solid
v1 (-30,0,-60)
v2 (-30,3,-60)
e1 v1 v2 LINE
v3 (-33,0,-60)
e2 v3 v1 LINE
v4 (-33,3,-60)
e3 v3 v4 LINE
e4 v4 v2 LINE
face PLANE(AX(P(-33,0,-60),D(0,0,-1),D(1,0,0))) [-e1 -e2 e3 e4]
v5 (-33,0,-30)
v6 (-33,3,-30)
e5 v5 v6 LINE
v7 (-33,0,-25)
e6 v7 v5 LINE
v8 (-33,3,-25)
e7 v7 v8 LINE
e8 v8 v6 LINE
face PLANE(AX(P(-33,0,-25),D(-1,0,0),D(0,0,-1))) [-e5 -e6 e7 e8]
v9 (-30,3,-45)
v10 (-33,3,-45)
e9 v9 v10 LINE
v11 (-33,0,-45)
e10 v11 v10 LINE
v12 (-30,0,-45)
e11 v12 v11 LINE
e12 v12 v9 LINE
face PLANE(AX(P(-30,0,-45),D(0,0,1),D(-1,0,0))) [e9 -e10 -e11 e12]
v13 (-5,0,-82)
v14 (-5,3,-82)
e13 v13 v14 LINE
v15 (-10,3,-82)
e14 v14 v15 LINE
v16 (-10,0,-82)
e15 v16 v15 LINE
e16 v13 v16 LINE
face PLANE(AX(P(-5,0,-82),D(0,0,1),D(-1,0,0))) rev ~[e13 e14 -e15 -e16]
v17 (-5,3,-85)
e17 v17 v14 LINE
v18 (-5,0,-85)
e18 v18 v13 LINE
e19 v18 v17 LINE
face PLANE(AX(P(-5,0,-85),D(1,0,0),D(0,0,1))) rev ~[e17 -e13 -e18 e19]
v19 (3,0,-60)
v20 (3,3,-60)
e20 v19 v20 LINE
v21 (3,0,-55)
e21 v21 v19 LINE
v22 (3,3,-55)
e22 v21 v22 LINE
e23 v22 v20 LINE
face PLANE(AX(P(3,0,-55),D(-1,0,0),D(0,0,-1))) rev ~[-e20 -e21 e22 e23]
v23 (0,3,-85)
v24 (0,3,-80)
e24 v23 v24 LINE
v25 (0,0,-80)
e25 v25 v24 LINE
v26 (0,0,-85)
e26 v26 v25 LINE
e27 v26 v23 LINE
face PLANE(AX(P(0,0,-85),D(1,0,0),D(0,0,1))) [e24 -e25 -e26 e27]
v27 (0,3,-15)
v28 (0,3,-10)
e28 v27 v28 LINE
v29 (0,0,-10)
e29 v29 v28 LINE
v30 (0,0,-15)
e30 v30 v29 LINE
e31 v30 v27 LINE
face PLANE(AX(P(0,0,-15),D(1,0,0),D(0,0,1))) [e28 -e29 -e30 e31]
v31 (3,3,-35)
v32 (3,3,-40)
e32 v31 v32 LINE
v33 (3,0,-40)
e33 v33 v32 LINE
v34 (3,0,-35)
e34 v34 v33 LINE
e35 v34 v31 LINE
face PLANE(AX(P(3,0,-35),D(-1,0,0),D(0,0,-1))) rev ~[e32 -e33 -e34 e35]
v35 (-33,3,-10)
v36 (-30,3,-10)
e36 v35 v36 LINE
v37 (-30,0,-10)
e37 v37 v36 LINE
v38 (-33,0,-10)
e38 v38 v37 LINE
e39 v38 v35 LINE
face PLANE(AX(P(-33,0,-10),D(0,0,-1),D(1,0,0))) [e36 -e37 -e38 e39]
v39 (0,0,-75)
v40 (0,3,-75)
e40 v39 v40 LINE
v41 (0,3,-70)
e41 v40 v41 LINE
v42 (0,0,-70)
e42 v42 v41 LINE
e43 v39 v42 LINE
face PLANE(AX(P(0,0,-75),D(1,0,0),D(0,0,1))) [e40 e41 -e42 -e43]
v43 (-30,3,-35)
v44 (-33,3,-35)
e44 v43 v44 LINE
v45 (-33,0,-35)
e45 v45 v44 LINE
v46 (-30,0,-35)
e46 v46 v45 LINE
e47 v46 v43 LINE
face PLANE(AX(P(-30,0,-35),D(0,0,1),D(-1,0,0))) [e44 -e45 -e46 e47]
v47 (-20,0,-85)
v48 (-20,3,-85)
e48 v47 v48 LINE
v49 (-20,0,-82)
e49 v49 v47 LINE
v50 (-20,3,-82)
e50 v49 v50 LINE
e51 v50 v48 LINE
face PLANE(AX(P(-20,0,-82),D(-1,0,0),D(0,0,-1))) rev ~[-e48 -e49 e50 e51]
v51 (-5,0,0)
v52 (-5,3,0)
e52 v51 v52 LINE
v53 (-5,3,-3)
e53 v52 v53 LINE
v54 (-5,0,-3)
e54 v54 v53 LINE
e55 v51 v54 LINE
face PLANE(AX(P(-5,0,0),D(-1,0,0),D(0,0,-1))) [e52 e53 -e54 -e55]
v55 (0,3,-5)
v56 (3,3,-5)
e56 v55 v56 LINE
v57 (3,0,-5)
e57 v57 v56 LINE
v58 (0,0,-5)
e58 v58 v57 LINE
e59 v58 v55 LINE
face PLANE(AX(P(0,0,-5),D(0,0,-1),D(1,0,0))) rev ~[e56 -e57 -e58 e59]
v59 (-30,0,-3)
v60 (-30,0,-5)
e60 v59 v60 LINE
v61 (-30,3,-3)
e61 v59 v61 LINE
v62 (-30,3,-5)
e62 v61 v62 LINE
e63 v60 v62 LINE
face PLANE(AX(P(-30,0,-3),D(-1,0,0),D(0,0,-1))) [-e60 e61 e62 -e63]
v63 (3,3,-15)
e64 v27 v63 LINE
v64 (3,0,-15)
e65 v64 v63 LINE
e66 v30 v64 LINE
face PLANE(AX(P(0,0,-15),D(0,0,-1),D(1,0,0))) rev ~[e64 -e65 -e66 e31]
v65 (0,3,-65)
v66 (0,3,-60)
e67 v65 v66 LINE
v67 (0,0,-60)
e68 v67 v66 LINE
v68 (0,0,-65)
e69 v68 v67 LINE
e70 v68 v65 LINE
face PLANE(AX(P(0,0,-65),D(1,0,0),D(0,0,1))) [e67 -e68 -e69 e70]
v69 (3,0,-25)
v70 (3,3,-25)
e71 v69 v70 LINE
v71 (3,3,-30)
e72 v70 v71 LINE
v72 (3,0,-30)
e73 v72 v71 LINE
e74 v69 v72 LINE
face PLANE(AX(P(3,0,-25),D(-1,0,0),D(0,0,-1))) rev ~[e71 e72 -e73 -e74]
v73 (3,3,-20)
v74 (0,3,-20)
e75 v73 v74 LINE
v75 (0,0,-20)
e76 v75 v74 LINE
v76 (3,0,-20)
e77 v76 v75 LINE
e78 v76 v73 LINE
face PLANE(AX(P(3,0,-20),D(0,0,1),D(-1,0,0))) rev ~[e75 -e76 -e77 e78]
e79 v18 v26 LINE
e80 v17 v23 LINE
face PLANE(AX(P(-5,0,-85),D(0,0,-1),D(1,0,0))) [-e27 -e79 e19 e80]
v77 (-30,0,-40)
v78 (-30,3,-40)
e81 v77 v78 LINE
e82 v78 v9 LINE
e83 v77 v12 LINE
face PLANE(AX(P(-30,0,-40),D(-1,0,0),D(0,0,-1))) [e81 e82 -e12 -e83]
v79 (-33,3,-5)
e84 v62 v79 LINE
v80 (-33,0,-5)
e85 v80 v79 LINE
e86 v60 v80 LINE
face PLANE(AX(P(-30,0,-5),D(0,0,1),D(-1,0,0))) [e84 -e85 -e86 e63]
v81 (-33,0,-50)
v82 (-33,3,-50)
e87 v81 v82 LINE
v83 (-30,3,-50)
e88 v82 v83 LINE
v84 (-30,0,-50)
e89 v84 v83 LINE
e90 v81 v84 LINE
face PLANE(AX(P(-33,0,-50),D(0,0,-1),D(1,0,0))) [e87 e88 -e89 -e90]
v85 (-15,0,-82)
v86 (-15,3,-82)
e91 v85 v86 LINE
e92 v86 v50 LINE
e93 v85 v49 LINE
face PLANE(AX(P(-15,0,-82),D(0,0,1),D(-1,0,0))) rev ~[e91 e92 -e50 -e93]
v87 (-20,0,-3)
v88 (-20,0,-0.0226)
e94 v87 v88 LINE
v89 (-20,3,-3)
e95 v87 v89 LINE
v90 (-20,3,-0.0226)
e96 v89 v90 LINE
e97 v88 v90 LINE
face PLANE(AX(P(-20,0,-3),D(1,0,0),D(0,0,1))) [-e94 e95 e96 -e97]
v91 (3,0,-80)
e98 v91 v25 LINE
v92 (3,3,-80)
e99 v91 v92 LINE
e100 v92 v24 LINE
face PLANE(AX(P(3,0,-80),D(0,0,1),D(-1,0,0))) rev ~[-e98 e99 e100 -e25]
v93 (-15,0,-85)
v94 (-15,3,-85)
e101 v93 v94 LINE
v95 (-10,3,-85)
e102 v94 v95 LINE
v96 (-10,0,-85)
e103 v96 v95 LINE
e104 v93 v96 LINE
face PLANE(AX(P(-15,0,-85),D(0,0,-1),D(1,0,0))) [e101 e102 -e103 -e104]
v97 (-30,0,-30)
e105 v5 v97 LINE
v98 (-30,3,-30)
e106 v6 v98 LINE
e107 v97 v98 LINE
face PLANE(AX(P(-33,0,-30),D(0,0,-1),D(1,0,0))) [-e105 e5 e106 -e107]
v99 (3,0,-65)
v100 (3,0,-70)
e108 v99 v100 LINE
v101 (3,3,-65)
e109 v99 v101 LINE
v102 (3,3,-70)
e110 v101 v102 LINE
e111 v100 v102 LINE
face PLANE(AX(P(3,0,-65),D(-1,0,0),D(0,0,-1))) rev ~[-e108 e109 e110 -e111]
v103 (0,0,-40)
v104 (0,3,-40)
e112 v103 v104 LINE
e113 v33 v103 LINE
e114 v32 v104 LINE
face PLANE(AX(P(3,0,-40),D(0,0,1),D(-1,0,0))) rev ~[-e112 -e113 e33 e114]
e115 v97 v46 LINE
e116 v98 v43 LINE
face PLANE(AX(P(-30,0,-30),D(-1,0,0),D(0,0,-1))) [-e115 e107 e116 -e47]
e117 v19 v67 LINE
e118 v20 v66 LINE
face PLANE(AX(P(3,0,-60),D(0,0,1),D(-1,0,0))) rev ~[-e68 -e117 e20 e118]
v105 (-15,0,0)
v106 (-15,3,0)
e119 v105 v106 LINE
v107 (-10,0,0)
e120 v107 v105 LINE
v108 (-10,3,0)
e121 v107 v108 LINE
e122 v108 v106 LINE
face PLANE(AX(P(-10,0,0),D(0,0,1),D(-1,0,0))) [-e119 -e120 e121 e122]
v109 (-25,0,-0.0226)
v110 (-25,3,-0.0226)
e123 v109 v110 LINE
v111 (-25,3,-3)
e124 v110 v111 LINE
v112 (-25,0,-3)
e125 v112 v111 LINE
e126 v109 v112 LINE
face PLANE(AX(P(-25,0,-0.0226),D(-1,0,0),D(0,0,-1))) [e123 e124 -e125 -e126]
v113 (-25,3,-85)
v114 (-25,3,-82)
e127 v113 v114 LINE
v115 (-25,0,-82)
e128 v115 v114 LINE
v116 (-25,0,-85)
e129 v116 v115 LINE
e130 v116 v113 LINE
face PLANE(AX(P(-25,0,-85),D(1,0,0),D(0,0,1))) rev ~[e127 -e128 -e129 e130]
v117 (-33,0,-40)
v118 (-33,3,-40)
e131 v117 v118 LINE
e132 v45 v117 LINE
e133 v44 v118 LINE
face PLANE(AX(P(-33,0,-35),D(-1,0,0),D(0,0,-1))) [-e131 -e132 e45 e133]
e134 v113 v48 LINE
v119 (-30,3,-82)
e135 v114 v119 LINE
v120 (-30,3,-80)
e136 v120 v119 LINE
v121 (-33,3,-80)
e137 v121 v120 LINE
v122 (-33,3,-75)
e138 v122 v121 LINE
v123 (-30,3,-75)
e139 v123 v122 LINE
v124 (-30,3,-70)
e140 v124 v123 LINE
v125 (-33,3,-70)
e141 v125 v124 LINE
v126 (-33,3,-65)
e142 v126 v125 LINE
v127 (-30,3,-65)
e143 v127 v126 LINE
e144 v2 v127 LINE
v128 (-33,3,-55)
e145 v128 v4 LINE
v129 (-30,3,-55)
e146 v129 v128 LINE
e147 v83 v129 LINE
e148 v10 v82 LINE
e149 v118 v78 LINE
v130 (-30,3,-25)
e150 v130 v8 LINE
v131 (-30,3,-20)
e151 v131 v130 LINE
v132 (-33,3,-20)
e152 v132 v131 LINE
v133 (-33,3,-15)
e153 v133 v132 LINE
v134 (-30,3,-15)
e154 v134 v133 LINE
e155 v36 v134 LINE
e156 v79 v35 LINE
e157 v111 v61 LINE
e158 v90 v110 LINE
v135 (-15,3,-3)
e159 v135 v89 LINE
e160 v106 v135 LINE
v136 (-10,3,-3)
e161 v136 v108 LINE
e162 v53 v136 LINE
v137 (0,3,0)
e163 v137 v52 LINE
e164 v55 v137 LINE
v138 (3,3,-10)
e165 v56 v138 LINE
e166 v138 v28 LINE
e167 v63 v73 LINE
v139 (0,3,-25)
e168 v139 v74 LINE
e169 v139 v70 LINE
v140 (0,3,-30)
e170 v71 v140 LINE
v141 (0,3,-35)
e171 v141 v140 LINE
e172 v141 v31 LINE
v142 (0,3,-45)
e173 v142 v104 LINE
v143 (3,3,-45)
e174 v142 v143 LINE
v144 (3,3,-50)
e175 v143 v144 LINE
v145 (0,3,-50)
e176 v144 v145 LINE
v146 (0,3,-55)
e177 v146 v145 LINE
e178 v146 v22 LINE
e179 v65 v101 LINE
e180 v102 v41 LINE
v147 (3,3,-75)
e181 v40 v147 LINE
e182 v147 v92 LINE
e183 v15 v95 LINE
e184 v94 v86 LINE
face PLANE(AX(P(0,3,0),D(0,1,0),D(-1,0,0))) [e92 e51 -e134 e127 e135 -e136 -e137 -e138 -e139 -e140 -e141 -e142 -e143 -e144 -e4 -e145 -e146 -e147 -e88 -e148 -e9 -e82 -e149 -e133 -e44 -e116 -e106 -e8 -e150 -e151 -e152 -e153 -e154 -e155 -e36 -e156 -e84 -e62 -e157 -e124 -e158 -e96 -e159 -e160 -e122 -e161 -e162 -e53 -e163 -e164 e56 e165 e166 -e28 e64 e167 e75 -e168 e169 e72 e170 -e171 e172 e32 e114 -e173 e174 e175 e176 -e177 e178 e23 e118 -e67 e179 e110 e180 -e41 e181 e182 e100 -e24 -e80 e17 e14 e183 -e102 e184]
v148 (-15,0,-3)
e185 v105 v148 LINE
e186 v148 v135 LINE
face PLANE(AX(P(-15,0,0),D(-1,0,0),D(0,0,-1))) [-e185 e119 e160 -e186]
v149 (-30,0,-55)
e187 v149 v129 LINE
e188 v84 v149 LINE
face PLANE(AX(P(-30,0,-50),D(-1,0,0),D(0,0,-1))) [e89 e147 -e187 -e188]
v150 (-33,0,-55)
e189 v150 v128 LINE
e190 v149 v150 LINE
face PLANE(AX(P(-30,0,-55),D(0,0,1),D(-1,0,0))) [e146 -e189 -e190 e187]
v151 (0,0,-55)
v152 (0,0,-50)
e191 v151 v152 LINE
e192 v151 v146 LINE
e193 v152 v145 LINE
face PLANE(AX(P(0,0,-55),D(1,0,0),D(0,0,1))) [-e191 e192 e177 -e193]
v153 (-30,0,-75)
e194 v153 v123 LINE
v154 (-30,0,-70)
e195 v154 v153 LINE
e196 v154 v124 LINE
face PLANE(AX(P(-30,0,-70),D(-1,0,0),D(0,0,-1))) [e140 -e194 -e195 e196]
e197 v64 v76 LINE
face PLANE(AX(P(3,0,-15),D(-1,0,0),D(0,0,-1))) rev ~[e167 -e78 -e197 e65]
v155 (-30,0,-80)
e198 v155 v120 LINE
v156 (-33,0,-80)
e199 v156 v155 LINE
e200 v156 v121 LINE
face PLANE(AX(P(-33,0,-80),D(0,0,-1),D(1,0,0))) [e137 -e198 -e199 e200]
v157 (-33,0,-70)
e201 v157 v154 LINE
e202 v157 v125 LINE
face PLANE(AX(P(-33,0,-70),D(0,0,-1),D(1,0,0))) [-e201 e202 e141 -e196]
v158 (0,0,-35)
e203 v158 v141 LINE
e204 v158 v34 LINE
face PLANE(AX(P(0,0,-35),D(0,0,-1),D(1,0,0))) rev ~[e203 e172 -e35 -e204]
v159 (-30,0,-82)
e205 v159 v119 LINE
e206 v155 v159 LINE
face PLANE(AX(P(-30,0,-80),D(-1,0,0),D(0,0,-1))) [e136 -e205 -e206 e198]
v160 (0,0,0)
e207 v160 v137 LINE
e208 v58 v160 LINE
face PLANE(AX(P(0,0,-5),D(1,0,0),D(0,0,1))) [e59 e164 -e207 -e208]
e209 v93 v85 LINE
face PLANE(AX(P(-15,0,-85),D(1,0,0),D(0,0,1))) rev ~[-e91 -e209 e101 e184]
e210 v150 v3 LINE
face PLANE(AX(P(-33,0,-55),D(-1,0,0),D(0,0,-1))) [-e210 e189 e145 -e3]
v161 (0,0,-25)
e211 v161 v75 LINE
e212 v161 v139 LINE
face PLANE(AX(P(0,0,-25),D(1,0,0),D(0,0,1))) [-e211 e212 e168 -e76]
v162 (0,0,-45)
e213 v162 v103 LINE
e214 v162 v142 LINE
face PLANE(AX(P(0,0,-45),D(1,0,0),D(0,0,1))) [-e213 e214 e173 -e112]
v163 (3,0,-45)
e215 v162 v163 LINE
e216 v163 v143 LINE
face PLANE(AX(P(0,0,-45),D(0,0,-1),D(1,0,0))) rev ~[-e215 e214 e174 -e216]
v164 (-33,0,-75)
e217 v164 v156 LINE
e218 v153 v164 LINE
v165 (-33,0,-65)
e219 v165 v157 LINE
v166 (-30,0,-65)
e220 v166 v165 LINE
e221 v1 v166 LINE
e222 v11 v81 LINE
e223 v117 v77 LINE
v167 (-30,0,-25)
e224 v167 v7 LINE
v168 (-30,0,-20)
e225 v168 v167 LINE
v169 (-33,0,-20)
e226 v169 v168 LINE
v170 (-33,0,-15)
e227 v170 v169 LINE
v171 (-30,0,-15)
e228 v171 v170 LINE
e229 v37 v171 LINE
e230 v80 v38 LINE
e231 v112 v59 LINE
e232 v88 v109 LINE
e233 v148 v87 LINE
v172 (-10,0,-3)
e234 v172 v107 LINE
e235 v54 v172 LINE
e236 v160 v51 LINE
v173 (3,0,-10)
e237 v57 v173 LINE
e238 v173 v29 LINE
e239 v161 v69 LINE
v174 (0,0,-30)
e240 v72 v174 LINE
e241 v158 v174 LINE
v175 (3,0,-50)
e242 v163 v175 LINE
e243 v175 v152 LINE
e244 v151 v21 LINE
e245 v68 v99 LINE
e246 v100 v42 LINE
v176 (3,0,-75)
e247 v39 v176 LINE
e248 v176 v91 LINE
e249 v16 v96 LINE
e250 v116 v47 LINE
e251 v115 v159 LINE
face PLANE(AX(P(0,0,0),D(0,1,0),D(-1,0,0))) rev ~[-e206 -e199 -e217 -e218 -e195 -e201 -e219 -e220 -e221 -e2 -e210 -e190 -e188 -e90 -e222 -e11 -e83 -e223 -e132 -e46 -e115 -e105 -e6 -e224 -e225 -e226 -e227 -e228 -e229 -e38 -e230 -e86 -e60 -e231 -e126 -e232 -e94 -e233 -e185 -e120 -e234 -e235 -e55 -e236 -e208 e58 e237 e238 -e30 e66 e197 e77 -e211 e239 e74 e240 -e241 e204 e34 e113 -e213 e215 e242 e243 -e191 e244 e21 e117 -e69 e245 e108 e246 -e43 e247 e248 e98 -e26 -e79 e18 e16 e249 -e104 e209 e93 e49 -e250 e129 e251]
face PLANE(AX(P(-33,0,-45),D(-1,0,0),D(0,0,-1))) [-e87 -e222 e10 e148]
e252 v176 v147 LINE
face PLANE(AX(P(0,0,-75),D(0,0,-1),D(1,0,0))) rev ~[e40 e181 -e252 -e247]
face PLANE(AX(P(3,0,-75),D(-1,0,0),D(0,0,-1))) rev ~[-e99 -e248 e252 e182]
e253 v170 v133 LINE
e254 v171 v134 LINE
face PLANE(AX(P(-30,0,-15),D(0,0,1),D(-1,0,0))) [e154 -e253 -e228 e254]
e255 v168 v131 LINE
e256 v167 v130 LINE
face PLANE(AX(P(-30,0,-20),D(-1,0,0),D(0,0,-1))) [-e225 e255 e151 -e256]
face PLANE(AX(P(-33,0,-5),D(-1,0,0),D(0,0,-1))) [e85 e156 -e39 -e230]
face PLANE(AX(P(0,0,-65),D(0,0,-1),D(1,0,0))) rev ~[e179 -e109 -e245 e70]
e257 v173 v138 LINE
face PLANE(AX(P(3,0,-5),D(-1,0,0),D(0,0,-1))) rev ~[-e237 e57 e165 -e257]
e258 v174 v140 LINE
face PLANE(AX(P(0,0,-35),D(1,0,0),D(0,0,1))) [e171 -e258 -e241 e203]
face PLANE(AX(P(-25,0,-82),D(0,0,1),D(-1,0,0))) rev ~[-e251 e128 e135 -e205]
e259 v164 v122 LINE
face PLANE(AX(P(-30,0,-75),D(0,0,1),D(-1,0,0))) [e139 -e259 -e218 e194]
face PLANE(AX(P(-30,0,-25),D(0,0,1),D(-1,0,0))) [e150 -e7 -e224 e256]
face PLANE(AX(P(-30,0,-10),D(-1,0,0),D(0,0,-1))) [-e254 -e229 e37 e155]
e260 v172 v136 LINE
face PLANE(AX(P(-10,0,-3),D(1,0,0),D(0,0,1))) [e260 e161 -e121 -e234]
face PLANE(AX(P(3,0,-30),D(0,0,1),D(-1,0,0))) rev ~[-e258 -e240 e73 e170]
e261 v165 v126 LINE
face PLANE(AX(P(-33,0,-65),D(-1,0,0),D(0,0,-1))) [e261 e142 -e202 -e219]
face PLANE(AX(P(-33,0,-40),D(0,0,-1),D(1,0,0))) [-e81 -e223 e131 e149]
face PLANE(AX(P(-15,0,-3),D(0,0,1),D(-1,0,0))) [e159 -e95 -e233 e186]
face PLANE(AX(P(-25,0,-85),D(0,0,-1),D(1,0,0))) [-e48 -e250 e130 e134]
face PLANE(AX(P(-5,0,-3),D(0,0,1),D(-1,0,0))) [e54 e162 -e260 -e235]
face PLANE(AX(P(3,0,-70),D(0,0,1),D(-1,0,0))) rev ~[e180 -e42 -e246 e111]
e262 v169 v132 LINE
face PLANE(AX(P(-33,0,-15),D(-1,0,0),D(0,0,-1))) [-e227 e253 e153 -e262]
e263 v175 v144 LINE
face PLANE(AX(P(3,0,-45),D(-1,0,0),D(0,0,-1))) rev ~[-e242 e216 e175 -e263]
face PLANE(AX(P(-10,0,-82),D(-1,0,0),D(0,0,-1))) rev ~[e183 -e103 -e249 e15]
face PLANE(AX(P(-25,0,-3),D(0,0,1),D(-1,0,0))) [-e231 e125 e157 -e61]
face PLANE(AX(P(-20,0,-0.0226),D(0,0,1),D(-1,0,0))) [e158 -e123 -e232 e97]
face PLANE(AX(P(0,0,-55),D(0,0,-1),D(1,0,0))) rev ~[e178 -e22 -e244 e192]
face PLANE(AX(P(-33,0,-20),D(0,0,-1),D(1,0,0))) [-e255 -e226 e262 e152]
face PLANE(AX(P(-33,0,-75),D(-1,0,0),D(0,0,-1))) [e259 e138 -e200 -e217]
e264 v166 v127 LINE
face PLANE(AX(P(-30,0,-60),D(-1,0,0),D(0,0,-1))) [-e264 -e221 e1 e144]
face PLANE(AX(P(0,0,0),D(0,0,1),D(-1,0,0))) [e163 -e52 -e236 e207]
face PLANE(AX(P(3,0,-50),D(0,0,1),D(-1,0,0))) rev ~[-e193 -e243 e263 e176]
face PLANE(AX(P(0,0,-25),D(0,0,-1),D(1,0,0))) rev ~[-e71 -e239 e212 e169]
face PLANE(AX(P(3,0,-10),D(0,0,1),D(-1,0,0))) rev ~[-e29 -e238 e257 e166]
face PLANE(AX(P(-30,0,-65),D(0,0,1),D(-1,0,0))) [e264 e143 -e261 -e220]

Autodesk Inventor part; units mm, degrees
ref_plane "YZ Plane" through (0, 0, 0) normal (1, 0, 0) x (0, 1, 0)
ref_plane "XZ Plane" through (0, 0, 0) normal (0, 1, 0) x (-1, 0, 0)
ref_plane "XY Plane" through (0, 0, 0) normal (0, 0, 1) x (1, 0, 0)
sketch "Sketch1" plane through (0, 0, 0) normal (0, 1, 0) x (-1, 0, 0)
  line L0 (30, -5) -> (33, -5)
  line L1 (33, -5) -> (33, -10)
  line L2 (33, -10) -> (30, -10)
  line L3 (30, -15) -> (33, -15)
  line L4 (33, -15) -> (33, -20)
  line L5 (33, -20) -> (30, -20)
  line L6 (30, -25) -> (33, -25)
  line L7 (33, -25) -> (33, -30)
  line L8 (33, -30) -> (30, -30)
  line L9 (30, -35) -> (33, -35)
  line L10 (33, -35) -> (33, -40)
  line L11 (33, -40) -> (30, -40)
  line L12 (30, -45) -> (33, -45)
  line L13 (33, -45) -> (33, -50)
  line L14 (33, -50) -> (30, -50)
  line L15 (30, -55) -> (33, -55)
  line L16 (33, -55) -> (33, -60)
  line L17 (33, -60) -> (30, -60)
  line L18 (30, -65) -> (33, -65)
  line L19 (33, -65) -> (33, -70)
  line L20 (33, -70) -> (30, -70)
  line L21 (30, -75) -> (33, -75)
  line L22 (33, -75) -> (33, -80)
  line L23 (33, -80) -> (30, -80)
  line L24 (0, -5) -> (-3, -5)
  line L25 (-3, -5) -> (-3, -10)
  line L26 (-3, -10) -> (0, -10)
  line L27 (0, -15) -> (-3, -15)
  line L28 (-3, -20) -> (0, -20)
  line L29 (-3, -15) -> (-3, -20)
  line L30 (0, -25) -> (-3, -25)
  line L31 (-3, -25) -> (-3, -30)
  line L32 (-3, -30) -> (0, -30)
  line L33 (0, -35) -> (-3, -35)
  line L34 (-3, -35) -> (-3, -40)
  line L35 (-3, -40) -> (0, -40)
  line L36 (0, -45) -> (-3, -45)
  line L37 (-3, -45) -> (-3, -50)
  line L38 (-3, -50) -> (0, -50)
  line L39 (0, -55) -> (-3, -55)
  line L40 (-3, -55) -> (-3, -60)
  line L41 (-3, -60) -> (0, -60)
  line L42 (0, -65) -> (-3, -65)
  line L43 (-3, -65) -> (-3, -70)
  line L44 (-3, -70) -> (0, -70)
  line L45 (0, -75) -> (-3, -75)
  line L46 (-3, -75) -> (-3, -80)
  line L47 (-3, -80) -> (0, -80)
  line L48 (30, -3) -> (30, -5)
  line L49 (30, -10) -> (30, -15)
  line L50 (30, -20) -> (30, -25)
  line L51 (30, -30) -> (30, -35)
  line L52 (30, -40) -> (30, -45)
  line L53 (30, -50) -> (30, -55)
  line L54 (30, -60) -> (30, -65)
  line L55 (30, -70) -> (30, -75)
  line L56 (30, -80) -> (30, -82)
  line L57 (0, -5) -> (0, 0)
  line L58 (0, -15) -> (0, -10)
  line L59 (0, -25) -> (0, -20)
  line L60 (0, -35) -> (0, -30)
  line L61 (0, -45) -> (0, -40)
  line L62 (0, -55) -> (0, -50)
  line L63 (0, -65) -> (0, -60)
  line L64 (0, -85) -> (0, -80)
  line L65 (0, -75) -> (0, -70)
  line L66 (5, 0) -> (5, -3)
  line L67 (5, -3) -> (10, -3)
  line L68 (10, -3) -> (10, 0)
  line L69 (15, 0) -> (15, -3)
  line L70 (15, -3) -> (20, -3)
  line L71 (20, -3) -> (20, -0.0226)
  line L72 (25, -0.0226) -> (25, -3)
  line L73 (25, -3) -> (30, -3)
  line L74 (20, -0.0226) -> (25, -0.0226)
  line L75 (0, 0) -> (5, 0)
  line L76 (10, 0) -> (15, 0)
  line L77 (5, -85) -> (5, -82)
  line L78 (5, -82) -> (10, -82)
  line L79 (10, -82) -> (10, -85)
  line L80 (15, -85) -> (15, -82)
  line L81 (15, -82) -> (20, -82)
  line L82 (20, -82) -> (20, -85)
  line L83 (30, -82) -> (30, -82)
  line L84 (25, -85) -> (20, -85)
  line L85 (15, -85) -> (10, -85)
  line L86 (5, -85) -> (0, -85)
  line L87 (25, -85) -> (25, -82)
  line L88 (25, -82) -> (30, -82)
extrude "Extrusion1" add sketch "Sketch1" along normal blind 3
properties part number "Bask_Wall" material "Wood (Birch)"
